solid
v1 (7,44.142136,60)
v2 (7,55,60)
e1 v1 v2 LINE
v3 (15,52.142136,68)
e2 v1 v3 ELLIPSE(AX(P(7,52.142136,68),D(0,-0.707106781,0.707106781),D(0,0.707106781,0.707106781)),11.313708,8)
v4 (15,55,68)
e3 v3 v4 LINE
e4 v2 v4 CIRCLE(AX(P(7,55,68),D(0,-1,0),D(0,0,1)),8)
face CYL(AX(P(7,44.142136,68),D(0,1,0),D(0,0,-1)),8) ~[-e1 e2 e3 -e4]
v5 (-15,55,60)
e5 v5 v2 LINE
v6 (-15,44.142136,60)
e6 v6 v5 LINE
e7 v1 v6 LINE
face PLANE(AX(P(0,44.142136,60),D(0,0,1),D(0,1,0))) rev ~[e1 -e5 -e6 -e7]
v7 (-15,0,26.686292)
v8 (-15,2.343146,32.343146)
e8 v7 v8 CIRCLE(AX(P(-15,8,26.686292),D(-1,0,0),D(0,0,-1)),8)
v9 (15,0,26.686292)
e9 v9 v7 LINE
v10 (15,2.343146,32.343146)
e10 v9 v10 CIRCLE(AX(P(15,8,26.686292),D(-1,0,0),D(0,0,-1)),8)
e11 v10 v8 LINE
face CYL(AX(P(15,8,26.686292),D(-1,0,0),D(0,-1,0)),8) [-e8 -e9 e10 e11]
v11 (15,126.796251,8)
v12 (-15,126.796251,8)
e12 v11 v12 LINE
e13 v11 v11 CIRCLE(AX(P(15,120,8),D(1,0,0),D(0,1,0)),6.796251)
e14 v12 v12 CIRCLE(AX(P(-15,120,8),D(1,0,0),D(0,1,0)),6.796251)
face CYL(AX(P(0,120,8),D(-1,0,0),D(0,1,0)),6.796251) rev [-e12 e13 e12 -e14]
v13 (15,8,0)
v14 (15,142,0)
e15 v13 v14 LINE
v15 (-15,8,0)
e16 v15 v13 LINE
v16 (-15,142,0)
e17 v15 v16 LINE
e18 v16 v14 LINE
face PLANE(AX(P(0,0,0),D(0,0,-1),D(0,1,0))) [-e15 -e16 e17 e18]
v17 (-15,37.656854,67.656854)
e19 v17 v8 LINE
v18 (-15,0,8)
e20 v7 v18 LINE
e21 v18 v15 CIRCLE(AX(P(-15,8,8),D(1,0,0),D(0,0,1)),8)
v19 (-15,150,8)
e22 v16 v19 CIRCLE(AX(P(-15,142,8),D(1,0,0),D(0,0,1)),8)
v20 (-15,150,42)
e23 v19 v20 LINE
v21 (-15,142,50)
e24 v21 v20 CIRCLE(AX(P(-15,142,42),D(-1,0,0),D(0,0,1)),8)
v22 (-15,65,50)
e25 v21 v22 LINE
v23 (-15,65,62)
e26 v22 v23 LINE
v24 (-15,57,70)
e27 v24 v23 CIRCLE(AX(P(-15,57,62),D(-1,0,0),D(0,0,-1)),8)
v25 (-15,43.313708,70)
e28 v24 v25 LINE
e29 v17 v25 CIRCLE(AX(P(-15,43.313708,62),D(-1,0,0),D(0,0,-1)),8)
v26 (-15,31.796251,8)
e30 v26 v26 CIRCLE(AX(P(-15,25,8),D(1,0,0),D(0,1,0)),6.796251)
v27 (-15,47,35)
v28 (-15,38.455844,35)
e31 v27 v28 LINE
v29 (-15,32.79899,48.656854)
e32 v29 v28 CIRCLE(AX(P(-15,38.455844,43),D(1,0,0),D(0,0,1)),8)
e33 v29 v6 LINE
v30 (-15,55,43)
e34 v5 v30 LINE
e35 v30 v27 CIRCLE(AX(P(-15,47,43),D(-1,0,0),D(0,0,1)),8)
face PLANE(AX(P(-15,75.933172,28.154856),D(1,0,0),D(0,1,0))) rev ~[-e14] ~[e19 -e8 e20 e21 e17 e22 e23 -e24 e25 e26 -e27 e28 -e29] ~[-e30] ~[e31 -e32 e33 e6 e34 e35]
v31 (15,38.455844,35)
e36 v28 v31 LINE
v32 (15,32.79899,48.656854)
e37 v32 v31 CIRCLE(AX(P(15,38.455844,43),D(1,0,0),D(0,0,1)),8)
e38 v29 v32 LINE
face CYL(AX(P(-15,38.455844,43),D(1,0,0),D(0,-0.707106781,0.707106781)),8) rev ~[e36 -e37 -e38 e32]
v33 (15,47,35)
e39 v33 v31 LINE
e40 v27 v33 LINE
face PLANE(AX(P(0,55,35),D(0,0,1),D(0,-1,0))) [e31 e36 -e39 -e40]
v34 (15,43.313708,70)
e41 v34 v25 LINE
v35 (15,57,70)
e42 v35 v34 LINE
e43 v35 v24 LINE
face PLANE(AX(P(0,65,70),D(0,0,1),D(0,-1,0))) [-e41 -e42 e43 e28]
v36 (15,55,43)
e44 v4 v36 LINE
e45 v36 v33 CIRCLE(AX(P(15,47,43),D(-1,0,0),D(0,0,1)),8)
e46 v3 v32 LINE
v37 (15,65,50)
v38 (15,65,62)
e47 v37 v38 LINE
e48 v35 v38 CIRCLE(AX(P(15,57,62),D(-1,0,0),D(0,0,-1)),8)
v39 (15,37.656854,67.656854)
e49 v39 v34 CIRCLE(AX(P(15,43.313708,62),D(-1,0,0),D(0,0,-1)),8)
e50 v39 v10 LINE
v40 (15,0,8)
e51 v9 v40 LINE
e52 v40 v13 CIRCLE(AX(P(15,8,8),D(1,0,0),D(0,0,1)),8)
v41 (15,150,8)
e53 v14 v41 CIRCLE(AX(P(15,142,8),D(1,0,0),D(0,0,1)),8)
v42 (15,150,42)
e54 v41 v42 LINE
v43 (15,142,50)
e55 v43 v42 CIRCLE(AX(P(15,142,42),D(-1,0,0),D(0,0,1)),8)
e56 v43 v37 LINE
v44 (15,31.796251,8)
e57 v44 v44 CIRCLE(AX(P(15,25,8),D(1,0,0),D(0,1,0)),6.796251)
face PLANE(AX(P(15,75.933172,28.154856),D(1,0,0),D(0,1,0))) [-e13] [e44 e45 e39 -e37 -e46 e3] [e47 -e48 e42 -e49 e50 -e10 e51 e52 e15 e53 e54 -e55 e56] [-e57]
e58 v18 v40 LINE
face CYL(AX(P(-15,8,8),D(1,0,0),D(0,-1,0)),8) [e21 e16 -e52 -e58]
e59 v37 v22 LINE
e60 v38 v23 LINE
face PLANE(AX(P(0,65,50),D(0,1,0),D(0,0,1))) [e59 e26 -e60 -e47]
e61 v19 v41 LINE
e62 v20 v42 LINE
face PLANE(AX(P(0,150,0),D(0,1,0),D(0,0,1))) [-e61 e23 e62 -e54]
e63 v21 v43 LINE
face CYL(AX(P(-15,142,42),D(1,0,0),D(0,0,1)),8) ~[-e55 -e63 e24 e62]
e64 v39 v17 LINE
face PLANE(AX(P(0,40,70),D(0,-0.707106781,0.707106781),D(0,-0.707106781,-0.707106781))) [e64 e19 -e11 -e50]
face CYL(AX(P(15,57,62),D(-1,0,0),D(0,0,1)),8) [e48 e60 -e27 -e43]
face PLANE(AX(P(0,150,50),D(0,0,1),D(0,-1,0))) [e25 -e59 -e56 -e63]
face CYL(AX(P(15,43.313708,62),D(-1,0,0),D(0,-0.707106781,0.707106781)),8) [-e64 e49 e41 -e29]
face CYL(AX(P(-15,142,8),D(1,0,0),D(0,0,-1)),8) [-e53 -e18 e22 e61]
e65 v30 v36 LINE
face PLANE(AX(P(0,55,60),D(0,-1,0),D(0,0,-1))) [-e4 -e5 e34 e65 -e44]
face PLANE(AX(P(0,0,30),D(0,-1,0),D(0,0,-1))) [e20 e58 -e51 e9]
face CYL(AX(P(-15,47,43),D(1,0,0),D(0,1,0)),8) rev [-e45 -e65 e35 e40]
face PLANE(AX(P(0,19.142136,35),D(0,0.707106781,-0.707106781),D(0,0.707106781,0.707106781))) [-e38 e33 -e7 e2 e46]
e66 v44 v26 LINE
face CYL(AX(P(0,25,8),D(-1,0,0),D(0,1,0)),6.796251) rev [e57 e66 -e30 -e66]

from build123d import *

# Parameters (mm, degrees)
F0_R     = 6.7962511827
F1_DEPTH = 15
F2_R     = 8


with BuildPart() as f1:
    # F0 (on Right) → F1 (new body, symmetric)
    with BuildSketch(Plane.YZ):
        Polygon((0, 30), (0, 0), (150, 0), (150, 50), (65, 50), (65, 70), (40, 70), align=None)
        with Locations((25, 8)):
            Circle(F0_R, mode=Mode.SUBTRACT)
        with Locations((120, 8)):
            Circle(F0_R, mode=Mode.SUBTRACT)
        Polygon((44.1421356237, 60), (55, 60), (55, 35), (19.1421356237, 35), align=None, mode=Mode.SUBTRACT)
    extrude(amount=F1_DEPTH, both=True)

    # F2 (call 1 of 9: OpenCascade refuses the feature's edges together)
    f2_edges = [f1.edges().sort_by_distance(p)[0] for p in [
        (0, 40, 70),
    ]]
    fillet(f2_edges, radius=F2_R)

    # F2#2 (call 2 of 9)
    f2_2_edges = [f1.edges().sort_by_distance(p)[0] for p in [
        (0, 65, 70),
    ]]
    fillet(f2_2_edges, radius=F2_R)

    # F2#3 (call 3 of 9)
    f2_3_edges = [f1.edges().sort_by_distance(p)[0] for p in [
        (0, 150, 50),
    ]]
    fillet(f2_3_edges, radius=F2_R)

    # F2#4 (call 4 of 9)
    f2_4_edges = [f1.edges().sort_by_distance(p)[0] for p in [
        (0, 0, 30),
    ]]
    fillet(f2_4_edges, radius=F2_R)

    # F2#5 (call 5 of 9)
    f2_5_edges = [f1.edges().sort_by_distance(p)[0] for p in [
        (0, 0, 0),
    ]]
    fillet(f2_5_edges, radius=F2_R)

    # F2#6 (call 6 of 9)
    f2_6_edges = [f1.edges().sort_by_distance(p)[0] for p in [
        (0, 150, 0),
    ]]
    fillet(f2_6_edges, radius=F2_R)

    # F2#7 (call 7 of 9)
    f2_7_edges = [f1.edges().sort_by_distance(p)[0] for p in [
        (0, 19.142136, 35),
    ]]
    fillet(f2_7_edges, radius=F2_R)

    # F2#8 (call 8 of 9)
    f2_8_edges = [f1.edges().sort_by_distance(p)[0] for p in [
        (15, 49.571068, 60),
    ]]
    fillet(f2_8_edges, radius=F2_R)

    # F2#9 (call 9 of 9)
    f2_9_edges = [f1.edges().sort_by_distance(p)[0] for p in [
        (0, 55, 35),
    ]]
    fillet(f2_9_edges, radius=F2_R)


solid = f1.part
